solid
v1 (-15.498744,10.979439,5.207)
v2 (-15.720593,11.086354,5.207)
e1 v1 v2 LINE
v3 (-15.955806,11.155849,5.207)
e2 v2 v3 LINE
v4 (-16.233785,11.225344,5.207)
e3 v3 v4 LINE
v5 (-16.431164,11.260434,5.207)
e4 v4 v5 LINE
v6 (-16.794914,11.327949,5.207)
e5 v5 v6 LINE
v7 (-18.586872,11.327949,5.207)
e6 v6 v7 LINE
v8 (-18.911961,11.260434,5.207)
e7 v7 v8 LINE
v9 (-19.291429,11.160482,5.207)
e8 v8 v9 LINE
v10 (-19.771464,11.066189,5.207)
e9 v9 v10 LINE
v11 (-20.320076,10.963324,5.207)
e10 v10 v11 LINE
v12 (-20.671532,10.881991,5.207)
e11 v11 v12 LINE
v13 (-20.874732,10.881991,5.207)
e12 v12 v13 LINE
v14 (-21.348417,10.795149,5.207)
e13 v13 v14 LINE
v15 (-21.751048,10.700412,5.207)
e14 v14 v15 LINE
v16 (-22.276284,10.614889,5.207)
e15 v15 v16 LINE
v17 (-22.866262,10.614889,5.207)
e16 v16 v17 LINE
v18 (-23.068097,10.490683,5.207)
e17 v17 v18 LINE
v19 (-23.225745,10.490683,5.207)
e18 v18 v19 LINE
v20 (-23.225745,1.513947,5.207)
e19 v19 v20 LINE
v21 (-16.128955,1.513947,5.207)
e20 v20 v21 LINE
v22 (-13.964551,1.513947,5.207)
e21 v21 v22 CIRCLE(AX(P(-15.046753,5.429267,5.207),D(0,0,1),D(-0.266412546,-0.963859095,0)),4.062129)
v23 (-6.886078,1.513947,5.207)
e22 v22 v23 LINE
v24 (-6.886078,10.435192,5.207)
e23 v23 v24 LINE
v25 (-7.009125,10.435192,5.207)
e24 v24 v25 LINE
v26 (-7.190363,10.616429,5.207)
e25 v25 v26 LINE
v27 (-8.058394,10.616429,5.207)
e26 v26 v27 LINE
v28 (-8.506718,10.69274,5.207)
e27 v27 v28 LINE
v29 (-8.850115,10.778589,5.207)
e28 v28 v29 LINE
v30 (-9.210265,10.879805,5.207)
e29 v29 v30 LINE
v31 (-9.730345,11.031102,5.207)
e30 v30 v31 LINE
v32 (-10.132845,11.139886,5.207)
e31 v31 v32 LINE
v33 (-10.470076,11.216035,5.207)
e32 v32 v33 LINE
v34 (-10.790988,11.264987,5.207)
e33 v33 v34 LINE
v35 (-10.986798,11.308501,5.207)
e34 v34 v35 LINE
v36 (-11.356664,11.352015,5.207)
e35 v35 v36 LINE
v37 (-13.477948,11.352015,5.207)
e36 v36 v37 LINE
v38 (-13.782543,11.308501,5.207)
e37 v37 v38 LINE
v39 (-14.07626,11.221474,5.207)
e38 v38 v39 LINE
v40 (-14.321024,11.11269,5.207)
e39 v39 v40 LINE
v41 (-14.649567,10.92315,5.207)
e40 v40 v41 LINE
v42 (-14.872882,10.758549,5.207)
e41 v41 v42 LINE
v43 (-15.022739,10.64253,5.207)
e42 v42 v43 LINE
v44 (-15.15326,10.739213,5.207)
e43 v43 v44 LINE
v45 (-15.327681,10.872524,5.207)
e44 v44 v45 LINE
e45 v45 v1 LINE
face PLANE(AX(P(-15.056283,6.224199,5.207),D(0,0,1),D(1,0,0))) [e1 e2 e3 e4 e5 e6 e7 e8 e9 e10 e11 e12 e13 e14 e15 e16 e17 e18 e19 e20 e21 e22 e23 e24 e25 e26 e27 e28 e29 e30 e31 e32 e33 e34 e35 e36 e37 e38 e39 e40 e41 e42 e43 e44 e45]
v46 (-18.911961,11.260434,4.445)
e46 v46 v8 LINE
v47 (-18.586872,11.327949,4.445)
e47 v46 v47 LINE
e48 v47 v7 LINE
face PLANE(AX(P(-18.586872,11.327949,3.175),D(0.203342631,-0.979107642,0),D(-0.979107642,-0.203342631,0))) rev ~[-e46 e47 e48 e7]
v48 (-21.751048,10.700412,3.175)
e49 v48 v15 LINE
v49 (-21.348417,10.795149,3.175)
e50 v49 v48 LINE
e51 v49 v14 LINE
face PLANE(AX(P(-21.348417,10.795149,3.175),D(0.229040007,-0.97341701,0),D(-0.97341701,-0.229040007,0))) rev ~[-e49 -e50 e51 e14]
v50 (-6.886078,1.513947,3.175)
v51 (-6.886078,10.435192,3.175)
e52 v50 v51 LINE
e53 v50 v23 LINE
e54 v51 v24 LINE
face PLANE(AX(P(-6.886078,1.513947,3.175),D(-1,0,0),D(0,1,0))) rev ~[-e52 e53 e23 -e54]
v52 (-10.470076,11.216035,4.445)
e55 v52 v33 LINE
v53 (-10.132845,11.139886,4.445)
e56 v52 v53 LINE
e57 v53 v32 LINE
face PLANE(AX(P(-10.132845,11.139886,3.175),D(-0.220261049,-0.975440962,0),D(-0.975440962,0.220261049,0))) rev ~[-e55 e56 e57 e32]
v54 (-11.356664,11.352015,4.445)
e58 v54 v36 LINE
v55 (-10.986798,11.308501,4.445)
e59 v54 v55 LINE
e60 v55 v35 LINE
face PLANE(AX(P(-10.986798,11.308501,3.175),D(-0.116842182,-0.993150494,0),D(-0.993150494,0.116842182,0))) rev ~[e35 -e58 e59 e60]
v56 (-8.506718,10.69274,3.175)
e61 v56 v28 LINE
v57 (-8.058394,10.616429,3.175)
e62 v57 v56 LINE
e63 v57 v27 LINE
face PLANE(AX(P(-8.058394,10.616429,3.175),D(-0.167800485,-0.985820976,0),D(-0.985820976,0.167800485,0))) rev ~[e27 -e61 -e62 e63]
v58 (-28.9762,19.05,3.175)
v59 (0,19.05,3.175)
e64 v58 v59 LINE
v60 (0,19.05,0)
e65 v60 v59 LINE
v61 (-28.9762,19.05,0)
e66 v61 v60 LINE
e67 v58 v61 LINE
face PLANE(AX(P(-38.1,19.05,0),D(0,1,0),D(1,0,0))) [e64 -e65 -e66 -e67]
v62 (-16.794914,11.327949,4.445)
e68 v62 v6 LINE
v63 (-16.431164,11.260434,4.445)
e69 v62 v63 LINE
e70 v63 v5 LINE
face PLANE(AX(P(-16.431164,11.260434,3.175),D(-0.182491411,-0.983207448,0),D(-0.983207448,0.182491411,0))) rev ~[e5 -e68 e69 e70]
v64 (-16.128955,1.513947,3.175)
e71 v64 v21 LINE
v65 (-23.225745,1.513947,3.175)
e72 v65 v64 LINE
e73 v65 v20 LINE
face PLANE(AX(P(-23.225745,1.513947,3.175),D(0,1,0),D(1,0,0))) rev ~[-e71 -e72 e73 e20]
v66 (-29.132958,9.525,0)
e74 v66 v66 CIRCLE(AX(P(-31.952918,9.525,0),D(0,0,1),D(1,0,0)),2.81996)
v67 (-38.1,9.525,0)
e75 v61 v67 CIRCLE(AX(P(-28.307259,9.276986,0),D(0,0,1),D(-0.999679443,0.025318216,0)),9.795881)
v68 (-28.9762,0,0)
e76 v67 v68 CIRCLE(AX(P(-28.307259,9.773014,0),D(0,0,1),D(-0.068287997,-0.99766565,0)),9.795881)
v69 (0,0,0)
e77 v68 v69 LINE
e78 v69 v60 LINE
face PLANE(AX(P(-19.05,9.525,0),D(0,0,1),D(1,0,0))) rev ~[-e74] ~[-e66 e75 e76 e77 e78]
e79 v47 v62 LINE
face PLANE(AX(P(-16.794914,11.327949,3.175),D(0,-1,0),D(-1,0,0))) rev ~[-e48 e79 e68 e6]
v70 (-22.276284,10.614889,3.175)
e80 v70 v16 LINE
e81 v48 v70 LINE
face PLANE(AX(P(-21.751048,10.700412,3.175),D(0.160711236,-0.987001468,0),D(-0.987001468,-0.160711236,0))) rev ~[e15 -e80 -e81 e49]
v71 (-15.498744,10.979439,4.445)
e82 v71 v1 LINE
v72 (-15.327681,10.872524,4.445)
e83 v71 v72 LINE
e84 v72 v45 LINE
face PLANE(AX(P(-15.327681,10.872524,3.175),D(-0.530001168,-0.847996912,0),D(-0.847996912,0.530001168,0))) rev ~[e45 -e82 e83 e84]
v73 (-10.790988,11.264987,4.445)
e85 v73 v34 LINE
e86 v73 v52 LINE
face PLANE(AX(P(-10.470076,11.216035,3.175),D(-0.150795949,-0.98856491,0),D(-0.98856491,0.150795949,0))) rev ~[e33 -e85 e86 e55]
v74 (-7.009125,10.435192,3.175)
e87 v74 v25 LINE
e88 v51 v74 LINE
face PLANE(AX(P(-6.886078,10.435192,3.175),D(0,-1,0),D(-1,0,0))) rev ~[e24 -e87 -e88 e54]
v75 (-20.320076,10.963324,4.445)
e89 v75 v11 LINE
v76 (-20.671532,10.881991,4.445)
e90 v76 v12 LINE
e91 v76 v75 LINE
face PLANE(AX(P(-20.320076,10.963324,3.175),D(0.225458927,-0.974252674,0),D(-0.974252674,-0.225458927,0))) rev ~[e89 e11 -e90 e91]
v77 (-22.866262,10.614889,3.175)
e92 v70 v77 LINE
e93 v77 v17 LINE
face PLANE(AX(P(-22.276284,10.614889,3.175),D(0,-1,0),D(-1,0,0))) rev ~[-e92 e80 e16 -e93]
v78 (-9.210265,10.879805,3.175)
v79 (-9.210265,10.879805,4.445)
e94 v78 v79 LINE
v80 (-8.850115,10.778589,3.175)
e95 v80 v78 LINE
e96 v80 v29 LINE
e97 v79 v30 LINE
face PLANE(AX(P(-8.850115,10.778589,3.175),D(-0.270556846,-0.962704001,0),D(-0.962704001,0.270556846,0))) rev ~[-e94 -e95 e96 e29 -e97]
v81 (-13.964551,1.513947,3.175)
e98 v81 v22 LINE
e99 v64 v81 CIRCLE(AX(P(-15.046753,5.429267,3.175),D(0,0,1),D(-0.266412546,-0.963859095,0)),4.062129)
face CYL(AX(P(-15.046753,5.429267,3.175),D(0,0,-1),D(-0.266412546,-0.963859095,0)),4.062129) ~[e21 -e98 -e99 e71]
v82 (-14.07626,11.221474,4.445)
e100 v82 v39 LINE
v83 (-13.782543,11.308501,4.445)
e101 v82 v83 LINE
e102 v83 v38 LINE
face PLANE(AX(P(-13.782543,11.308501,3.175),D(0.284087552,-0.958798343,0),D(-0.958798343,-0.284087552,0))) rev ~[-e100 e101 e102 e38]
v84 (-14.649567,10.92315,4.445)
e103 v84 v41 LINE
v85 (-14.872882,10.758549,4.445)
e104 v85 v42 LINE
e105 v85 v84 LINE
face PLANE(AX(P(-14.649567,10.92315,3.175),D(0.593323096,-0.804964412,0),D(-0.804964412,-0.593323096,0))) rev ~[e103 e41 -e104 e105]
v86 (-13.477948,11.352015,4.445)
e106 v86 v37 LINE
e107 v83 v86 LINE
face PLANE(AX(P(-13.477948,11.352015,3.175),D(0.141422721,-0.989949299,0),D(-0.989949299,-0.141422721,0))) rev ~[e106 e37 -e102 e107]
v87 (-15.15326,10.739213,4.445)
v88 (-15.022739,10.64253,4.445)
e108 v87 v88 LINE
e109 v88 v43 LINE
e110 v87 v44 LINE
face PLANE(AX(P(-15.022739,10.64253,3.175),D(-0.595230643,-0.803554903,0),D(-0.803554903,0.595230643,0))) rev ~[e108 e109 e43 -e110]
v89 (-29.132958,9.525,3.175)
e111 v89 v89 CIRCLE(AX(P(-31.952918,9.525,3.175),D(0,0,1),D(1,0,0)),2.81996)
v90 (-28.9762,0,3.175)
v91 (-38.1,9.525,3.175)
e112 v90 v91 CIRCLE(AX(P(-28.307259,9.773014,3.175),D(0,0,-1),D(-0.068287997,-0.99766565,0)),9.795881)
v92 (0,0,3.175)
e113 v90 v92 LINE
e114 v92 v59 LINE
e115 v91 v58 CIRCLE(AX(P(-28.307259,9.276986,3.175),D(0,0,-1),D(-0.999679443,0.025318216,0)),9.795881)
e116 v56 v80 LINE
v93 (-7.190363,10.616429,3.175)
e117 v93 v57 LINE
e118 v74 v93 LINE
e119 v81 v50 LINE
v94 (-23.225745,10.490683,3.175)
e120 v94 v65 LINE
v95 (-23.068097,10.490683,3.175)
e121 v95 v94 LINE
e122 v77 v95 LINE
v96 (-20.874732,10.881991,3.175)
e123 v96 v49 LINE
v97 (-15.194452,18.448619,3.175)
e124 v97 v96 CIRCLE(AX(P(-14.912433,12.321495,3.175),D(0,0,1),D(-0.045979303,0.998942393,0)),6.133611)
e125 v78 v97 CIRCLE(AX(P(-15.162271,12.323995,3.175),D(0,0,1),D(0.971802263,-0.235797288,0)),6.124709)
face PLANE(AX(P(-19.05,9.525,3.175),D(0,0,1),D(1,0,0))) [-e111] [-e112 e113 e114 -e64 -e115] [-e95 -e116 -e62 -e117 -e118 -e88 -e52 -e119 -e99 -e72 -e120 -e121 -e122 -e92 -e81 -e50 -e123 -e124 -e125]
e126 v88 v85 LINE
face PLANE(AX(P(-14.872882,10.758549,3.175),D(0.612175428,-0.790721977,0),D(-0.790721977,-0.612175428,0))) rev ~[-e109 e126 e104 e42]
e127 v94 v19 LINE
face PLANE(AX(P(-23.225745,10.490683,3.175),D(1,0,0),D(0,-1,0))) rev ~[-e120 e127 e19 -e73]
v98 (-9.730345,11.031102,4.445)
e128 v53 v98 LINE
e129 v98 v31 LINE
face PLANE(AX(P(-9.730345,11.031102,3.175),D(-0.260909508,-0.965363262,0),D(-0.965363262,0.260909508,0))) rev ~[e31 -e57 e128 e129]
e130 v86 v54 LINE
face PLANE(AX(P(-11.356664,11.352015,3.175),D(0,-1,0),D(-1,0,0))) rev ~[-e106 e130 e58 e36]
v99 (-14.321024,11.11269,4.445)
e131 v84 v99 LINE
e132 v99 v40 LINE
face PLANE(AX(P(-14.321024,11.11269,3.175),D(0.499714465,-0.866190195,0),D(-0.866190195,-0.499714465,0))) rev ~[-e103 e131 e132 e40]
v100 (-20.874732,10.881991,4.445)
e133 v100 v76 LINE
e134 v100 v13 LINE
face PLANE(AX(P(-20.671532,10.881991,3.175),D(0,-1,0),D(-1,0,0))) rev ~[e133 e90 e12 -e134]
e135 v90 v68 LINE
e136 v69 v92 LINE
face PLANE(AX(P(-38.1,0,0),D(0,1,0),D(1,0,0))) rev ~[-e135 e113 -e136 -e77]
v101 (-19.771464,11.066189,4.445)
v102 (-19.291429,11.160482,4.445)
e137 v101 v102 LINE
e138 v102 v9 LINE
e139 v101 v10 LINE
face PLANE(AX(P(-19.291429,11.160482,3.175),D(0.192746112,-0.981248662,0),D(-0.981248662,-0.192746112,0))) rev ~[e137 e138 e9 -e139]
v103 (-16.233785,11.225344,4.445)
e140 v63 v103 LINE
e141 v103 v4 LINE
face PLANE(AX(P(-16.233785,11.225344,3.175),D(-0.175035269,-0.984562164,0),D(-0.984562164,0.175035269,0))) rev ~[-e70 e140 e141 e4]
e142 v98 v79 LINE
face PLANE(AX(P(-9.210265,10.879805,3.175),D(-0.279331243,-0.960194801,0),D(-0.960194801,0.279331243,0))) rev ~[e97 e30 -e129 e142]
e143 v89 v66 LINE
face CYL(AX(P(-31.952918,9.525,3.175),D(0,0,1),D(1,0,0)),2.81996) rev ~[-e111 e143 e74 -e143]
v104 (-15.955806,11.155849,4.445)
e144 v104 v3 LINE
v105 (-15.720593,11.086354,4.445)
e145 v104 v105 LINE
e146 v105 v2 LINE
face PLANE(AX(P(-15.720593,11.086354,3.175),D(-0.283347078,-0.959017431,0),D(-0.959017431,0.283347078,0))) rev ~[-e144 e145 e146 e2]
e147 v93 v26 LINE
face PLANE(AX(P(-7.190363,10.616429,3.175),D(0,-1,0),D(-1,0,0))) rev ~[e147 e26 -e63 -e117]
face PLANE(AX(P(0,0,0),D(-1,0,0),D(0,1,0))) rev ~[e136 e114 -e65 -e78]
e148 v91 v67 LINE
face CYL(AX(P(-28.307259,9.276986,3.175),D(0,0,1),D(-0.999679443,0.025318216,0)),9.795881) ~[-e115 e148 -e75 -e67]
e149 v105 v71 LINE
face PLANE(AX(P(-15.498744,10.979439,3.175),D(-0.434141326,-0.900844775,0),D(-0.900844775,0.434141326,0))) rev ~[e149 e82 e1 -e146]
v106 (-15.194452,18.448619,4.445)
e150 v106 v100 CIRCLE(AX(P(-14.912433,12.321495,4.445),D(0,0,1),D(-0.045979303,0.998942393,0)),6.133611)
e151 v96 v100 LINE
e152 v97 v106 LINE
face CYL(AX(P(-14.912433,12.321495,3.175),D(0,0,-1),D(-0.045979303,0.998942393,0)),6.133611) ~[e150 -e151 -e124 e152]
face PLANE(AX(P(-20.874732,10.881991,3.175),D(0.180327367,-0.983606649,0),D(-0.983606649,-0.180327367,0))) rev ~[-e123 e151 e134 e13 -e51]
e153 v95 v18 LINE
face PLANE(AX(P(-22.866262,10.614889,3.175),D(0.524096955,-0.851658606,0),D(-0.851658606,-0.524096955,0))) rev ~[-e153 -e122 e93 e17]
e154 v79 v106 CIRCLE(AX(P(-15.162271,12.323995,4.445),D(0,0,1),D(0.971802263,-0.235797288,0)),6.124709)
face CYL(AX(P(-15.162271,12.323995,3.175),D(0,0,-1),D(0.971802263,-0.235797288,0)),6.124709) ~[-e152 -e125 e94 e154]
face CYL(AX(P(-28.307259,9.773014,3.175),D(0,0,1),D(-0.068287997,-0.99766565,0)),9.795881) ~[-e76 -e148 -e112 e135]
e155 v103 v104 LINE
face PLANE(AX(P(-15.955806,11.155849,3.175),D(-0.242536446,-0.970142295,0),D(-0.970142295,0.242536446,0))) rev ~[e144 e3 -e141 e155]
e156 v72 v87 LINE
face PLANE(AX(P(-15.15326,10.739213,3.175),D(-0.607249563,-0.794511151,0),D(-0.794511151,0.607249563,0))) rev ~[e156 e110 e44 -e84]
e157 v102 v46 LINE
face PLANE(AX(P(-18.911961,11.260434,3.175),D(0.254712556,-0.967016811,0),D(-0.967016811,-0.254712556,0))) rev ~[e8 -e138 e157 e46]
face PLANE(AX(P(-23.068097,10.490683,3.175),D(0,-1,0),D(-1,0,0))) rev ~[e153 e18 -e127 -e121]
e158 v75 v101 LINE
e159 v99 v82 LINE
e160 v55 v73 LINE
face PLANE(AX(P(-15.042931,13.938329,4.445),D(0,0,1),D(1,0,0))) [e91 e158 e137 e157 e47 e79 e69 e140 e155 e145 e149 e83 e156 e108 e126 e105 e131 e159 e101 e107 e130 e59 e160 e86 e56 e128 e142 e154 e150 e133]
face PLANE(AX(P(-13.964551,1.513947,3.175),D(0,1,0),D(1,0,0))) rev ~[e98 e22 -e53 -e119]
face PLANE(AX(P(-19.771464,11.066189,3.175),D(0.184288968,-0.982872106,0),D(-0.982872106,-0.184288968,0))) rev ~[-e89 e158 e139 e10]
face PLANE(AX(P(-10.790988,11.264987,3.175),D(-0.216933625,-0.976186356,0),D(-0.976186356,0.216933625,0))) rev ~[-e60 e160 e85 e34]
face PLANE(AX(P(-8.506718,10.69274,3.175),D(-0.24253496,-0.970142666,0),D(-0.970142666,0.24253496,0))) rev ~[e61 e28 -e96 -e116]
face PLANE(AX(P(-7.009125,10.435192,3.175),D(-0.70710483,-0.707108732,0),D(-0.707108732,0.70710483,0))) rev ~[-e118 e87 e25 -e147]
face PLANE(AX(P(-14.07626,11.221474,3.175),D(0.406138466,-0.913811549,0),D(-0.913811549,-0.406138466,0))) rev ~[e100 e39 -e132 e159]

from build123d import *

# Parameters (mm, degrees)
F0_W     = 38.1
F0_H     = 19.05
F1_DEPTH = 3.175
F2_R     = 2.81996
F3_DEPTH = 3.176
F5_DEPTH = 1.27
F6_DEPTH = 2.032


with BuildPart() as f1:
    # F0 (on Top) → F1 (new body)
    with BuildSketch(Plane.XY):
        with Locations((-19.05, 9.525)):
            Rectangle(F0_W, F0_H)
    extrude(amount=F1_DEPTH)

    # F2 (on face) → F3 (cut, through all)
    with BuildSketch(Plane.XY.offset(3.175)):
        with BuildLine():
            ThreePointArc((-38.1, 9.525), (-35.381374, 16.053134), (-28.9762, 19.05))
            Line((-28.9762, 19.05), (-38.1, 19.05))
            Line((-38.1, 19.05), (-38.1, 9.525))
        make_face()
        with BuildLine():
            ThreePointArc((-28.9762, 0), (-35.381374, 2.996866), (-38.1, 9.525))
            Line((-38.1, 9.525), (-38.1, 0))
            Line((-38.1, 0), (-28.9762, 0))
        make_face()
        with Locations((-31.952918, 9.525)):
            Circle(F2_R)
    extrude(amount=-F3_DEPTH, mode=Mode.SUBTRACT)

    # F4 (on face) → F5 (join)
    with BuildSketch(Plane.XY.offset(3.175)):
        with BuildLine():
            ThreePointArc((-15.194452, 18.448619), (-19.817669, 16.003864), (-20.874732, 10.881991))
            Line((-20.874732, 10.881991), (-20.671532, 10.881991))
            Line((-20.671532, 10.881991), (-20.320076, 10.963324))
            Line((-20.320076, 10.963324), (-19.771464, 11.066189))
            Line((-19.771464, 11.066189), (-19.291429, 11.160482))
            Line((-19.291429, 11.160482), (-18.911961, 11.260434))
            Line((-18.911961, 11.260434), (-18.586872, 11.327949))
            Line((-18.586872, 11.327949), (-18.261783, 11.327949))
            Line((-18.261783, 11.327949), (-17.762255, 11.327949))
            Line((-17.762255, 11.327949), (-17.223081, 11.327949))
            Line((-17.223081, 11.327949), (-16.794914, 11.327949))
            Line((-16.794914, 11.327949), (-16.431164, 11.260434))
            Line((-16.431164, 11.260434), (-16.233785, 11.225344))
            Line((-16.233785, 11.225344), (-15.955806, 11.155849))
            Line((-15.955806, 11.155849), (-15.720593, 11.086354))
            Line((-15.720593, 11.086354), (-15.498744, 10.979439))
            Line((-15.498744, 10.979439), (-15.327681, 10.872524))
            Line((-15.327681, 10.872524), (-15.15326, 10.739213))
            Line((-15.15326, 10.739213), (-15.022739, 10.64253))
            Line((-15.022739, 10.64253), (-14.872882, 10.758549))
            Line((-14.872882, 10.758549), (-14.649567, 10.92315))
            Line((-14.649567, 10.92315), (-14.321024, 11.11269))
            Line((-14.321024, 11.11269), (-14.07626, 11.221474))
            Line((-14.07626, 11.221474), (-13.782543, 11.308501))
            Line((-13.782543, 11.308501), (-13.477948, 11.352015))
            Line((-13.477948, 11.352015), (-13.238624, 11.352015))
            Line((-13.238624, 11.352015), (-12.885077, 11.352015))
            Line((-12.885077, 11.352015), (-12.553286, 11.352015))
            Line((-12.553286, 11.352015), (-12.145346, 11.352015))
            Line((-12.145346, 11.352015), (-11.748285, 11.352015))
            Line((-11.748285, 11.352015), (-11.356664, 11.352015))
            Line((-11.356664, 11.352015), (-10.986798, 11.308501))
            Line((-10.986798, 11.308501), (-10.790988, 11.264987))
            Line((-10.790988, 11.264987), (-10.470076, 11.216035))
            Line((-10.470076, 11.216035), (-10.132845, 11.139886))
            Line((-10.132845, 11.139886), (-9.730345, 11.031102))
            Line((-9.730345, 11.031102), (-9.210265, 10.879805))
            ThreePointArc((-9.210265, 10.879805), (-10.357813, 16.122579), (-15.194452, 18.448619))
        make_face()
    extrude(amount=F5_DEPTH)

    # F4 (on face) → F6 (join)
    with BuildSketch(Plane.XY.offset(3.175)):
        with BuildLine():
            Line((-23.068097, 10.490683), (-23.225745, 10.490683))
            Line((-23.225745, 10.490683), (-23.225745, 1.513947))
            Line((-23.225745, 1.513947), (-16.128955, 1.513947))
            ThreePointArc((-16.128955, 1.513947), (-15.046753, 1.367138), (-13.964551, 1.513947))
            Line((-13.964551, 1.513947), (-6.886078, 1.513947))
            Line((-6.886078, 1.513947), (-6.886078, 10.435192))
            Line((-6.886078, 10.435192), (-7.009125, 10.435192))
            Line((-7.009125, 10.435192), (-7.190363, 10.616429))
            Line((-7.190363, 10.616429), (-7.648225, 10.616429))
            Line((-7.648225, 10.616429), (-8.058394, 10.616429))
            Line((-8.058394, 10.616429), (-8.506718, 10.69274))
            Line((-8.506718, 10.69274), (-8.850115, 10.778589))
            Line((-8.850115, 10.778589), (-9.210265, 10.879805))
            Line((-9.210265, 10.879805), (-9.730345, 11.031102))
            Line((-9.730345, 11.031102), (-10.132845, 11.139886))
            Line((-10.132845, 11.139886), (-10.470076, 11.216035))
            Line((-10.470076, 11.216035), (-10.790988, 11.264987))
            Line((-10.790988, 11.264987), (-10.986798, 11.308501))
            Line((-10.986798, 11.308501), (-11.356664, 11.352015))
            Line((-11.356664, 11.352015), (-11.748285, 11.352015))
            Line((-11.748285, 11.352015), (-12.145346, 11.352015))
            Line((-12.145346, 11.352015), (-12.553286, 11.352015))
            Line((-12.553286, 11.352015), (-12.885077, 11.352015))
            Line((-12.885077, 11.352015), (-13.238624, 11.352015))
            Line((-13.238624, 11.352015), (-13.477948, 11.352015))
            Line((-13.477948, 11.352015), (-13.782543, 11.308501))
            Line((-13.782543, 11.308501), (-14.07626, 11.221474))
            Line((-14.07626, 11.221474), (-14.321024, 11.11269))
            Line((-14.321024, 11.11269), (-14.649567, 10.92315))
            Line((-14.649567, 10.92315), (-14.872882, 10.758549))
            Line((-14.872882, 10.758549), (-15.022739, 10.64253))
            Line((-15.022739, 10.64253), (-15.15326, 10.739213))
            Line((-15.15326, 10.739213), (-15.327681, 10.872524))
            Line((-15.327681, 10.872524), (-15.498744, 10.979439))
            Line((-15.498744, 10.979439), (-15.720593, 11.086354))
            Line((-15.720593, 11.086354), (-15.955806, 11.155849))
            Line((-15.955806, 11.155849), (-16.233785, 11.225344))
            Line((-16.233785, 11.225344), (-16.431164, 11.260434))
            Line((-16.431164, 11.260434), (-16.794914, 11.327949))
            Line((-16.794914, 11.327949), (-17.223081, 11.327949))
            Line((-17.223081, 11.327949), (-17.762255, 11.327949))
            Line((-17.762255, 11.327949), (-18.261783, 11.327949))
            Line((-18.261783, 11.327949), (-18.586872, 11.327949))
            Line((-18.586872, 11.327949), (-18.911961, 11.260434))
            Line((-18.911961, 11.260434), (-19.291429, 11.160482))
            Line((-19.291429, 11.160482), (-19.771464, 11.066189))
            Line((-19.771464, 11.066189), (-20.320076, 10.963324))
            Line((-20.320076, 10.963324), (-20.671532, 10.881991))
            Line((-20.671532, 10.881991), (-20.874732, 10.881991))
            Line((-20.874732, 10.881991), (-21.348417, 10.795149))
            Line((-21.348417, 10.795149), (-21.751048, 10.700412))
            Line((-21.751048, 10.700412), (-22.276284, 10.614889))
            Line((-22.276284, 10.614889), (-22.866262, 10.614889))
            Line((-22.866262, 10.614889), (-23.068097, 10.490683))
        make_face()
    extrude(amount=F6_DEPTH)


solid = f1.part
